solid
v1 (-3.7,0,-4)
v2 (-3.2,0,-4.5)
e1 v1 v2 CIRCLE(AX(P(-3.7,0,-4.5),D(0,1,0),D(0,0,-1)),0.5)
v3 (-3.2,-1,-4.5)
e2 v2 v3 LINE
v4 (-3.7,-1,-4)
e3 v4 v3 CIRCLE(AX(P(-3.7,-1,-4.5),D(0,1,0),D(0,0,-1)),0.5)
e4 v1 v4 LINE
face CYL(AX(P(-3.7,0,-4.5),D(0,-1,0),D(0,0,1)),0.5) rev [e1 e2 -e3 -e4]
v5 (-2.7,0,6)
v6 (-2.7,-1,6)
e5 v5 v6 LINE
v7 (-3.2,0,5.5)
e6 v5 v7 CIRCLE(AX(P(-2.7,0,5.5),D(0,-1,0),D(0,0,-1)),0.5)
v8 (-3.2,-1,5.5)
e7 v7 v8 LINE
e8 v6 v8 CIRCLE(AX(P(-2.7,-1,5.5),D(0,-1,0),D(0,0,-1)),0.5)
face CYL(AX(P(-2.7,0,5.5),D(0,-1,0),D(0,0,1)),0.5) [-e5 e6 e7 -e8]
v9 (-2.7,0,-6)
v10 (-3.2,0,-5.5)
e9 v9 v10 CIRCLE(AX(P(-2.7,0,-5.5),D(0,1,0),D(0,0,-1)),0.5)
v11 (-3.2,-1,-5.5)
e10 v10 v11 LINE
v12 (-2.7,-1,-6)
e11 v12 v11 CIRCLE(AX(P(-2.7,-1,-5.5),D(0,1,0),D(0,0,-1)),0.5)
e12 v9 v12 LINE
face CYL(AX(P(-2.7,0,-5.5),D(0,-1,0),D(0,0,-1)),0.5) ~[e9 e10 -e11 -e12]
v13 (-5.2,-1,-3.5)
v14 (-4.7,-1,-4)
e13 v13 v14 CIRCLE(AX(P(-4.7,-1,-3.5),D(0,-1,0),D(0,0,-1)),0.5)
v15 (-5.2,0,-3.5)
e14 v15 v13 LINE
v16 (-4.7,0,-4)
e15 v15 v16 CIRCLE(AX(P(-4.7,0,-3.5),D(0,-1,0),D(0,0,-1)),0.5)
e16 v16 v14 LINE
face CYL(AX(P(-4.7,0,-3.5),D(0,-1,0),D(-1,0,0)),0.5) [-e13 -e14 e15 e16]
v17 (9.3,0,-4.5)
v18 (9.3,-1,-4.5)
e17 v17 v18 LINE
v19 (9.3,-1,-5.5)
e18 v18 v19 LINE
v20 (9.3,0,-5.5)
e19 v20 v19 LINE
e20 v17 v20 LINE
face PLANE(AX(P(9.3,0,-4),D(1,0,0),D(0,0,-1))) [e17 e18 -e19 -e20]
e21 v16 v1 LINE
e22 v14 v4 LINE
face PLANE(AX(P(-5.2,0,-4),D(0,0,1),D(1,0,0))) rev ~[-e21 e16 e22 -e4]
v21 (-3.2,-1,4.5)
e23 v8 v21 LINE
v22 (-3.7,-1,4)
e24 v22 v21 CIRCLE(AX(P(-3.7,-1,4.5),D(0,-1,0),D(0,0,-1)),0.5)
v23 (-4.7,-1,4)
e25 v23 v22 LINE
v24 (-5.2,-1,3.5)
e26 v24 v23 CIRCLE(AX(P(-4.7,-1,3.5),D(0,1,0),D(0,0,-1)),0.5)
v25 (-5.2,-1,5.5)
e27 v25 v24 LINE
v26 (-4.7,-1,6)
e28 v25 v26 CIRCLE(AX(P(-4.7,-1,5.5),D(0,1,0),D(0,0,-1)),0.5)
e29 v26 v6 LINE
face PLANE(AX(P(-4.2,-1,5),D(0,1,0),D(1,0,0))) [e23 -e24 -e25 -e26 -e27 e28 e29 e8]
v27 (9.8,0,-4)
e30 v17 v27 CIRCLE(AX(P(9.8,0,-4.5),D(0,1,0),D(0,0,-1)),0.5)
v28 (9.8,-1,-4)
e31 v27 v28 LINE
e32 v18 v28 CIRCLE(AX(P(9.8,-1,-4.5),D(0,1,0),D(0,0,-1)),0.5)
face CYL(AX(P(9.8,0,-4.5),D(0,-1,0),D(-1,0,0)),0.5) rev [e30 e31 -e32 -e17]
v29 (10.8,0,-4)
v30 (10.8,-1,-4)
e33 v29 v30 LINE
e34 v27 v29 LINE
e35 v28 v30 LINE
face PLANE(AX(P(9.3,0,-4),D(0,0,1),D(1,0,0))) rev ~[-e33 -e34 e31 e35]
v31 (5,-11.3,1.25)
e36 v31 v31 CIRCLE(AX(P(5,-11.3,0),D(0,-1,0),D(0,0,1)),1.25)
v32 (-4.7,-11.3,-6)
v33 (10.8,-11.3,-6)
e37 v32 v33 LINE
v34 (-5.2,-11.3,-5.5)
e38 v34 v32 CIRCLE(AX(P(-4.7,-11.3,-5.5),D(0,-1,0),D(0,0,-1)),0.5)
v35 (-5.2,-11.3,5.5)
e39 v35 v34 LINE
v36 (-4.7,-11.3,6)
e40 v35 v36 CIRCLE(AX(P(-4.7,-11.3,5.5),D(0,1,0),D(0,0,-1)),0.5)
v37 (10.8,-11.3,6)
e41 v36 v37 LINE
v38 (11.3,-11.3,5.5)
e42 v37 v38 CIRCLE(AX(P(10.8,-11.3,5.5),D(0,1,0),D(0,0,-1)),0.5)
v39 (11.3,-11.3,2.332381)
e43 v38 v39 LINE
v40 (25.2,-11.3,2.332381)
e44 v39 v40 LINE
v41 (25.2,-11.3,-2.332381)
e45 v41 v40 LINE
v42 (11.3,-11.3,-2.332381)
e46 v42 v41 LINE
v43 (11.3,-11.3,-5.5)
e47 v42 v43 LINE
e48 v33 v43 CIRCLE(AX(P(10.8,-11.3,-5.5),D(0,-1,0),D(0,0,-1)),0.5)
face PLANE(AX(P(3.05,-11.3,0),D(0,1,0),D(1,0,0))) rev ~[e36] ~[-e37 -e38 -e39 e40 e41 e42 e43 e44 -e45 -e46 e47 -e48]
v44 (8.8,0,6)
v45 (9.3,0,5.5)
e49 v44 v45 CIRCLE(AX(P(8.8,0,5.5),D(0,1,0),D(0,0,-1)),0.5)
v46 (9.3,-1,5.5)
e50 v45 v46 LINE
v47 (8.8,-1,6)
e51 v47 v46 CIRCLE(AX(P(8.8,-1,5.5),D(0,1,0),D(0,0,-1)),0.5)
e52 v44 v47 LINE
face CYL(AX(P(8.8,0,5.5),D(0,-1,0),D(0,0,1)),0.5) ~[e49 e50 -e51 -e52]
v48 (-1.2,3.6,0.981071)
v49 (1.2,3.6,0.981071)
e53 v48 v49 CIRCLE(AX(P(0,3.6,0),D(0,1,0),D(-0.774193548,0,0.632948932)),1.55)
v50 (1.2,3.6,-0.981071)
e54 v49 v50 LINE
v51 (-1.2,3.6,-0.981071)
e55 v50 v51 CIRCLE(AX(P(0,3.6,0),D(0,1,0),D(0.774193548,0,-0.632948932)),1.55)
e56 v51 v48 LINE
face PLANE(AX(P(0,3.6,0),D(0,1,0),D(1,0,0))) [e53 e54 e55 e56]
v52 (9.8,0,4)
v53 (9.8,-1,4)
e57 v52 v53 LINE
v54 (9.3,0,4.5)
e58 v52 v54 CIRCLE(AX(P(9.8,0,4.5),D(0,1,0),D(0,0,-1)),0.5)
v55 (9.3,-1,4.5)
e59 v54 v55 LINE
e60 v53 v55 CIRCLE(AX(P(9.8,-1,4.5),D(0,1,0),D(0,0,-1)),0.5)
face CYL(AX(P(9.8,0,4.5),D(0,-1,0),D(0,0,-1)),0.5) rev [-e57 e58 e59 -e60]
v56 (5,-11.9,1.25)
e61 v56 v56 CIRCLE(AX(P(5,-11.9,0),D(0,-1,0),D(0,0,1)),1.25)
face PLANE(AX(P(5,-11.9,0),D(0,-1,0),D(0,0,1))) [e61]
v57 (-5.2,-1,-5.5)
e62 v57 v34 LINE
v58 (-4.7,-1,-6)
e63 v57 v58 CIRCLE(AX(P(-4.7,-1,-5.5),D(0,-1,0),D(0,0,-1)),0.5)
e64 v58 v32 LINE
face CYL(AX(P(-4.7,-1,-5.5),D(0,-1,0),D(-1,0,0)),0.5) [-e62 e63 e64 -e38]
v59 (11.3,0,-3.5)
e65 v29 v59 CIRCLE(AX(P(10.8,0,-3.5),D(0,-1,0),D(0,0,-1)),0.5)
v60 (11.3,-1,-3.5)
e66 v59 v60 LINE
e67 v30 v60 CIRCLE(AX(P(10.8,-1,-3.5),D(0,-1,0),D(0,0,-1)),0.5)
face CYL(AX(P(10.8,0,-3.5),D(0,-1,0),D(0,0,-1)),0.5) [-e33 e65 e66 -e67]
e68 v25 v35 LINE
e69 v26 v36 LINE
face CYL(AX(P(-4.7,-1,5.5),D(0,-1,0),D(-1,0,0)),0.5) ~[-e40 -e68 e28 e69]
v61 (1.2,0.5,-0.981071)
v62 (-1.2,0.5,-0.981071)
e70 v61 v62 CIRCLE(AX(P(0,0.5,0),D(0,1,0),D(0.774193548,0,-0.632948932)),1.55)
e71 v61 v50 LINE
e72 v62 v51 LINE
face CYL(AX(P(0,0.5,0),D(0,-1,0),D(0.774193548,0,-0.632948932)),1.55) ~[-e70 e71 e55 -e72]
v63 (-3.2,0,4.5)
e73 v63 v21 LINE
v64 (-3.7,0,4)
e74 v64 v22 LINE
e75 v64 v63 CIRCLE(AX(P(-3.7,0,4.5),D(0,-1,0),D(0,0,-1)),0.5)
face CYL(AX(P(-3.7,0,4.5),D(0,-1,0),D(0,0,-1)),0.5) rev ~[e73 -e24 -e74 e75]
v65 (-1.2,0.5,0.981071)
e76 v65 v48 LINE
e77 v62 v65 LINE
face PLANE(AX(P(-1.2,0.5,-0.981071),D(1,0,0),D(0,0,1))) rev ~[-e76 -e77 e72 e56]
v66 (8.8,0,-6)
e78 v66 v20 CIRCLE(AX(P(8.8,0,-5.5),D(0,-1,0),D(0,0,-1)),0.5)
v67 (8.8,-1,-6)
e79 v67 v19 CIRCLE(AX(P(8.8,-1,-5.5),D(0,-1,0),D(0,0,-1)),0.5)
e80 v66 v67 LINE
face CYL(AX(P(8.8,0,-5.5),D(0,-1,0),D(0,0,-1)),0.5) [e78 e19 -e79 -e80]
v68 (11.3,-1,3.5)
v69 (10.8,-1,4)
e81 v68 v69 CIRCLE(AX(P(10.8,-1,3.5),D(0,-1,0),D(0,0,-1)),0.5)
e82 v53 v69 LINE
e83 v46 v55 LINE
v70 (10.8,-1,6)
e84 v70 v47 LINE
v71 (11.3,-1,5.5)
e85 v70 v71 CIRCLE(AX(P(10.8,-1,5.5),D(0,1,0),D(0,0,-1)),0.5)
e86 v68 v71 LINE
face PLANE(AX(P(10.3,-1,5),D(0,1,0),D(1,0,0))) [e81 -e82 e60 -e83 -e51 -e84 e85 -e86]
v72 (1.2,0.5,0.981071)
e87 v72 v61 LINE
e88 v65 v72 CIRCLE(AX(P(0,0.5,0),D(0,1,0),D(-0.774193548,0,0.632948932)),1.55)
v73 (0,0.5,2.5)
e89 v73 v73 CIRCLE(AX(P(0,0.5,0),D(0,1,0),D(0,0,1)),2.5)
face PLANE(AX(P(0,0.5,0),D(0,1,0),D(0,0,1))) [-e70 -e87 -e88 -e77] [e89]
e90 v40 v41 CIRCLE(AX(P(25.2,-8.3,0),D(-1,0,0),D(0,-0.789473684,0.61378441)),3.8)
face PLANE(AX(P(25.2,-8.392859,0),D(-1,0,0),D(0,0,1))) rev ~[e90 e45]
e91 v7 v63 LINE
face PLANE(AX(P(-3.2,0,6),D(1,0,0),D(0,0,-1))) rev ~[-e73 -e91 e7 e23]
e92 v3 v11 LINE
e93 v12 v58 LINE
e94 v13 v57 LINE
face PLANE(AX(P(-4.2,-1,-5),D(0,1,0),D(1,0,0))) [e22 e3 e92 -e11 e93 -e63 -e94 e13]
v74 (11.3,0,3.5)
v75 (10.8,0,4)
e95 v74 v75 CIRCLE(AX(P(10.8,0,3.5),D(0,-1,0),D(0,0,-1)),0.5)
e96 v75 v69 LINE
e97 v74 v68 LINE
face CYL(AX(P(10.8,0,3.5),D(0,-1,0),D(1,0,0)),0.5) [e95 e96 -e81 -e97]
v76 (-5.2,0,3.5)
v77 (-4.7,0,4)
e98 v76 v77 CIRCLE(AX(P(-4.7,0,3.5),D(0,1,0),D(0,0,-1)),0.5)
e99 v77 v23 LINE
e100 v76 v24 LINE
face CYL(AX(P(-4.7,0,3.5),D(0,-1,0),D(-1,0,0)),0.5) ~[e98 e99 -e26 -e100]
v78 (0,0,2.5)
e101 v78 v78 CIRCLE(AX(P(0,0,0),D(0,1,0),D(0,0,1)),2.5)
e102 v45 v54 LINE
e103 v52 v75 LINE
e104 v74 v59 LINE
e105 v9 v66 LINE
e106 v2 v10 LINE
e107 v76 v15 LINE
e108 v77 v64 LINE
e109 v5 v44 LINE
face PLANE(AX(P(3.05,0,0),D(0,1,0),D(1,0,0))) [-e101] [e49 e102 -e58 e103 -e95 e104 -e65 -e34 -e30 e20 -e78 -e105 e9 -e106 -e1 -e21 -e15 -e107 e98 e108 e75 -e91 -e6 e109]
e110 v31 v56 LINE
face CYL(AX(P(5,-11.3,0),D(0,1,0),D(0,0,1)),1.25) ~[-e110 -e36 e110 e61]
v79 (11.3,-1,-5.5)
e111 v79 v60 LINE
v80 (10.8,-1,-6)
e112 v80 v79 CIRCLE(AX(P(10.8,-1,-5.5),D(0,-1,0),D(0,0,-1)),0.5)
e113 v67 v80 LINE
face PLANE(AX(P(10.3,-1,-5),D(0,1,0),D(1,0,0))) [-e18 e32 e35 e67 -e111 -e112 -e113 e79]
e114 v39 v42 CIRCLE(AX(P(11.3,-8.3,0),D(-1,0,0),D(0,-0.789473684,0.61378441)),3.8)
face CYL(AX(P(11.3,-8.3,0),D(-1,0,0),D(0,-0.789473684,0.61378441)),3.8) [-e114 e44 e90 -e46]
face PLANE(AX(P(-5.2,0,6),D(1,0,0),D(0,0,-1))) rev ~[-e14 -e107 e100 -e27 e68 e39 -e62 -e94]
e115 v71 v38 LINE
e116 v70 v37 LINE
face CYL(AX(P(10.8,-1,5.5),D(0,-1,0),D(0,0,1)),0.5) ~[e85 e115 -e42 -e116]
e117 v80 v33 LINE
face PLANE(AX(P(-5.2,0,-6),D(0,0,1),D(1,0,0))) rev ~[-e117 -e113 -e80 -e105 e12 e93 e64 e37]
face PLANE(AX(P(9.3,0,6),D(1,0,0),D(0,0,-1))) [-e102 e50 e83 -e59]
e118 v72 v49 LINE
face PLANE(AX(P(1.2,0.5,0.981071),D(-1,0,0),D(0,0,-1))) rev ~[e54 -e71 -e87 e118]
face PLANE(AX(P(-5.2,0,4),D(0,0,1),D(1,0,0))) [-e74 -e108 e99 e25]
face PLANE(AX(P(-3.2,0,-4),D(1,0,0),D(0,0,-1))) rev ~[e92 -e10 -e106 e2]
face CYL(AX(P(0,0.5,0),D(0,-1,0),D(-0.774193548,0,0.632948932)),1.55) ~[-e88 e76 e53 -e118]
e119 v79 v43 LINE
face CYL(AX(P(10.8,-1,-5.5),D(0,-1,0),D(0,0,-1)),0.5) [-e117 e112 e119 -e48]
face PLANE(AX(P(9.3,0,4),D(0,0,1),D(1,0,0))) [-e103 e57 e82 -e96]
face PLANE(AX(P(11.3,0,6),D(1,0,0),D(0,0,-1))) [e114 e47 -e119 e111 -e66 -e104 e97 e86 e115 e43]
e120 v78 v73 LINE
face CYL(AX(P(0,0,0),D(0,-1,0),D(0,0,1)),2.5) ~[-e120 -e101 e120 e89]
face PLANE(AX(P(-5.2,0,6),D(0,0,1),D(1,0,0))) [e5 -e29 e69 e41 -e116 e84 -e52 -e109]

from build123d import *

# Parameters (mm, degrees)
SKETCH1_W           = 16.5
SKETCH1_H           = 12
GEARBOX_DEPTH       = 11.3
SKETCH2_R           = 2.5
SHAFTBASE_DEPTH     = 0.5
SHAFT_DEPTH         = 3.1
MOTOR_DEPTH         = 13.9
SKETCH5_W           = 2
SKETCH5_H           = 2
SCREWINSETS_DEPTH   = 1
SKETCH6_R           = 1.25
BACKEXTRUSION_DEPTH = 0.6
FILLETS_R           = 0.5


with BuildPart() as part:
    # Sketch1 → gearbox (new body)
    with BuildSketch(Plane(origin=(0, 0, 0), x_dir=(1, 0, 0), z_dir=(0, 1, 0))):
        with Locations((3.05, 0)):
            Rectangle(SKETCH1_W, SKETCH1_H)
    extrude(amount=-GEARBOX_DEPTH)

    # Sketch2 → shaftbase (add)
    with BuildSketch(Plane(origin=(0, 0, 0), x_dir=(1, 0, 0), z_dir=(0, 1, 0))):
        with Locations(Location((0, 0, 0), (0, 0, 270))):
            Circle(SKETCH2_R)
    extrude(amount=SHAFTBASE_DEPTH)

    # Sketch3 → shaft (add)
    with BuildSketch(Plane(origin=(0, 0.5, 0), x_dir=(1, 0, 0), z_dir=(0, 1, 0))):
        with BuildLine():
            Line((-1.2, 0.981070844), (-1.2, -0.981070844))
            ThreePointArc((-1.2, -0.981070844), (0, -1.55), (1.2, -0.981070844))
            Line((1.2, -0.981070844), (1.2, 0.981070844))
            ThreePointArc((1.2, 0.981070844), (0, 1.55), (-1.2, 0.981070844))
        make_face()
    extrude(amount=SHAFT_DEPTH)

    # Sketch4 → motor (add)
    with BuildSketch(Plane(origin=(11.3, 0, 0), x_dir=(0, 0, -1), z_dir=(1, 0, 0))):
        with BuildLine():
            Line((2.332380758, -11.3), (-2.332380758, -11.3))
            ThreePointArc((-2.332380758, -11.3), (0, -4.5), (2.332380758, -11.3))
        make_face()
    extrude(amount=MOTOR_DEPTH)

    # Sketch5 → screwinsets (cut)
    with BuildSketch(Plane(origin=(0, 0, 0), x_dir=(1, 0, 0), z_dir=(0, 1, 0))):
        with Locations((-4.2, 5)):
            Rectangle(SKETCH5_W, SKETCH5_H)
        with Locations((10.3, 5)):
            Rectangle(SKETCH5_W, SKETCH5_H)
        with Locations((10.3, -5)):
            Rectangle(SKETCH5_W, SKETCH5_H)
        with Locations((-4.2, -5)):
            Rectangle(SKETCH5_W, SKETCH5_H)
    extrude(amount=-SCREWINSETS_DEPTH, mode=Mode.SUBTRACT)

    # Sketch6 → backextrusion (add)
    with BuildSketch(Plane.XZ.offset(11.3)):
        with Locations(Location((5, 0, 0), (0, 0, 90))):
            Circle(SKETCH6_R)
    extrude(amount=BACKEXTRUSION_DEPTH)

    # fillets
    fillets_edges = [part.edges().sort_by_distance(p)[0] for p in [
        (-3.2, -0.5, -6),
        (-5.2, -0.5, -4),
        (-5.2, -0.5, 4),
        (-3.2, -0.5, 6),
        (9.3, -0.5, -6),
        (11.3, -0.5, -4),
        (11.3, -0.5, 4),
        (9.3, -0.5, 6),
        (-3.2, -0.5, -4),
        (9.3, -0.5, 4),
        (9.3, -0.5, -4),
        (-3.2, -0.5, 4),
        (-5.2, -6.15, -6),
        (-5.2, -6.15, 6),
        (11.3, -6.15, -6),
        (11.3, -6.15, 6),
    ]]
    fillet(fillets_edges, radius=FILLETS_R)


solid = part.part
